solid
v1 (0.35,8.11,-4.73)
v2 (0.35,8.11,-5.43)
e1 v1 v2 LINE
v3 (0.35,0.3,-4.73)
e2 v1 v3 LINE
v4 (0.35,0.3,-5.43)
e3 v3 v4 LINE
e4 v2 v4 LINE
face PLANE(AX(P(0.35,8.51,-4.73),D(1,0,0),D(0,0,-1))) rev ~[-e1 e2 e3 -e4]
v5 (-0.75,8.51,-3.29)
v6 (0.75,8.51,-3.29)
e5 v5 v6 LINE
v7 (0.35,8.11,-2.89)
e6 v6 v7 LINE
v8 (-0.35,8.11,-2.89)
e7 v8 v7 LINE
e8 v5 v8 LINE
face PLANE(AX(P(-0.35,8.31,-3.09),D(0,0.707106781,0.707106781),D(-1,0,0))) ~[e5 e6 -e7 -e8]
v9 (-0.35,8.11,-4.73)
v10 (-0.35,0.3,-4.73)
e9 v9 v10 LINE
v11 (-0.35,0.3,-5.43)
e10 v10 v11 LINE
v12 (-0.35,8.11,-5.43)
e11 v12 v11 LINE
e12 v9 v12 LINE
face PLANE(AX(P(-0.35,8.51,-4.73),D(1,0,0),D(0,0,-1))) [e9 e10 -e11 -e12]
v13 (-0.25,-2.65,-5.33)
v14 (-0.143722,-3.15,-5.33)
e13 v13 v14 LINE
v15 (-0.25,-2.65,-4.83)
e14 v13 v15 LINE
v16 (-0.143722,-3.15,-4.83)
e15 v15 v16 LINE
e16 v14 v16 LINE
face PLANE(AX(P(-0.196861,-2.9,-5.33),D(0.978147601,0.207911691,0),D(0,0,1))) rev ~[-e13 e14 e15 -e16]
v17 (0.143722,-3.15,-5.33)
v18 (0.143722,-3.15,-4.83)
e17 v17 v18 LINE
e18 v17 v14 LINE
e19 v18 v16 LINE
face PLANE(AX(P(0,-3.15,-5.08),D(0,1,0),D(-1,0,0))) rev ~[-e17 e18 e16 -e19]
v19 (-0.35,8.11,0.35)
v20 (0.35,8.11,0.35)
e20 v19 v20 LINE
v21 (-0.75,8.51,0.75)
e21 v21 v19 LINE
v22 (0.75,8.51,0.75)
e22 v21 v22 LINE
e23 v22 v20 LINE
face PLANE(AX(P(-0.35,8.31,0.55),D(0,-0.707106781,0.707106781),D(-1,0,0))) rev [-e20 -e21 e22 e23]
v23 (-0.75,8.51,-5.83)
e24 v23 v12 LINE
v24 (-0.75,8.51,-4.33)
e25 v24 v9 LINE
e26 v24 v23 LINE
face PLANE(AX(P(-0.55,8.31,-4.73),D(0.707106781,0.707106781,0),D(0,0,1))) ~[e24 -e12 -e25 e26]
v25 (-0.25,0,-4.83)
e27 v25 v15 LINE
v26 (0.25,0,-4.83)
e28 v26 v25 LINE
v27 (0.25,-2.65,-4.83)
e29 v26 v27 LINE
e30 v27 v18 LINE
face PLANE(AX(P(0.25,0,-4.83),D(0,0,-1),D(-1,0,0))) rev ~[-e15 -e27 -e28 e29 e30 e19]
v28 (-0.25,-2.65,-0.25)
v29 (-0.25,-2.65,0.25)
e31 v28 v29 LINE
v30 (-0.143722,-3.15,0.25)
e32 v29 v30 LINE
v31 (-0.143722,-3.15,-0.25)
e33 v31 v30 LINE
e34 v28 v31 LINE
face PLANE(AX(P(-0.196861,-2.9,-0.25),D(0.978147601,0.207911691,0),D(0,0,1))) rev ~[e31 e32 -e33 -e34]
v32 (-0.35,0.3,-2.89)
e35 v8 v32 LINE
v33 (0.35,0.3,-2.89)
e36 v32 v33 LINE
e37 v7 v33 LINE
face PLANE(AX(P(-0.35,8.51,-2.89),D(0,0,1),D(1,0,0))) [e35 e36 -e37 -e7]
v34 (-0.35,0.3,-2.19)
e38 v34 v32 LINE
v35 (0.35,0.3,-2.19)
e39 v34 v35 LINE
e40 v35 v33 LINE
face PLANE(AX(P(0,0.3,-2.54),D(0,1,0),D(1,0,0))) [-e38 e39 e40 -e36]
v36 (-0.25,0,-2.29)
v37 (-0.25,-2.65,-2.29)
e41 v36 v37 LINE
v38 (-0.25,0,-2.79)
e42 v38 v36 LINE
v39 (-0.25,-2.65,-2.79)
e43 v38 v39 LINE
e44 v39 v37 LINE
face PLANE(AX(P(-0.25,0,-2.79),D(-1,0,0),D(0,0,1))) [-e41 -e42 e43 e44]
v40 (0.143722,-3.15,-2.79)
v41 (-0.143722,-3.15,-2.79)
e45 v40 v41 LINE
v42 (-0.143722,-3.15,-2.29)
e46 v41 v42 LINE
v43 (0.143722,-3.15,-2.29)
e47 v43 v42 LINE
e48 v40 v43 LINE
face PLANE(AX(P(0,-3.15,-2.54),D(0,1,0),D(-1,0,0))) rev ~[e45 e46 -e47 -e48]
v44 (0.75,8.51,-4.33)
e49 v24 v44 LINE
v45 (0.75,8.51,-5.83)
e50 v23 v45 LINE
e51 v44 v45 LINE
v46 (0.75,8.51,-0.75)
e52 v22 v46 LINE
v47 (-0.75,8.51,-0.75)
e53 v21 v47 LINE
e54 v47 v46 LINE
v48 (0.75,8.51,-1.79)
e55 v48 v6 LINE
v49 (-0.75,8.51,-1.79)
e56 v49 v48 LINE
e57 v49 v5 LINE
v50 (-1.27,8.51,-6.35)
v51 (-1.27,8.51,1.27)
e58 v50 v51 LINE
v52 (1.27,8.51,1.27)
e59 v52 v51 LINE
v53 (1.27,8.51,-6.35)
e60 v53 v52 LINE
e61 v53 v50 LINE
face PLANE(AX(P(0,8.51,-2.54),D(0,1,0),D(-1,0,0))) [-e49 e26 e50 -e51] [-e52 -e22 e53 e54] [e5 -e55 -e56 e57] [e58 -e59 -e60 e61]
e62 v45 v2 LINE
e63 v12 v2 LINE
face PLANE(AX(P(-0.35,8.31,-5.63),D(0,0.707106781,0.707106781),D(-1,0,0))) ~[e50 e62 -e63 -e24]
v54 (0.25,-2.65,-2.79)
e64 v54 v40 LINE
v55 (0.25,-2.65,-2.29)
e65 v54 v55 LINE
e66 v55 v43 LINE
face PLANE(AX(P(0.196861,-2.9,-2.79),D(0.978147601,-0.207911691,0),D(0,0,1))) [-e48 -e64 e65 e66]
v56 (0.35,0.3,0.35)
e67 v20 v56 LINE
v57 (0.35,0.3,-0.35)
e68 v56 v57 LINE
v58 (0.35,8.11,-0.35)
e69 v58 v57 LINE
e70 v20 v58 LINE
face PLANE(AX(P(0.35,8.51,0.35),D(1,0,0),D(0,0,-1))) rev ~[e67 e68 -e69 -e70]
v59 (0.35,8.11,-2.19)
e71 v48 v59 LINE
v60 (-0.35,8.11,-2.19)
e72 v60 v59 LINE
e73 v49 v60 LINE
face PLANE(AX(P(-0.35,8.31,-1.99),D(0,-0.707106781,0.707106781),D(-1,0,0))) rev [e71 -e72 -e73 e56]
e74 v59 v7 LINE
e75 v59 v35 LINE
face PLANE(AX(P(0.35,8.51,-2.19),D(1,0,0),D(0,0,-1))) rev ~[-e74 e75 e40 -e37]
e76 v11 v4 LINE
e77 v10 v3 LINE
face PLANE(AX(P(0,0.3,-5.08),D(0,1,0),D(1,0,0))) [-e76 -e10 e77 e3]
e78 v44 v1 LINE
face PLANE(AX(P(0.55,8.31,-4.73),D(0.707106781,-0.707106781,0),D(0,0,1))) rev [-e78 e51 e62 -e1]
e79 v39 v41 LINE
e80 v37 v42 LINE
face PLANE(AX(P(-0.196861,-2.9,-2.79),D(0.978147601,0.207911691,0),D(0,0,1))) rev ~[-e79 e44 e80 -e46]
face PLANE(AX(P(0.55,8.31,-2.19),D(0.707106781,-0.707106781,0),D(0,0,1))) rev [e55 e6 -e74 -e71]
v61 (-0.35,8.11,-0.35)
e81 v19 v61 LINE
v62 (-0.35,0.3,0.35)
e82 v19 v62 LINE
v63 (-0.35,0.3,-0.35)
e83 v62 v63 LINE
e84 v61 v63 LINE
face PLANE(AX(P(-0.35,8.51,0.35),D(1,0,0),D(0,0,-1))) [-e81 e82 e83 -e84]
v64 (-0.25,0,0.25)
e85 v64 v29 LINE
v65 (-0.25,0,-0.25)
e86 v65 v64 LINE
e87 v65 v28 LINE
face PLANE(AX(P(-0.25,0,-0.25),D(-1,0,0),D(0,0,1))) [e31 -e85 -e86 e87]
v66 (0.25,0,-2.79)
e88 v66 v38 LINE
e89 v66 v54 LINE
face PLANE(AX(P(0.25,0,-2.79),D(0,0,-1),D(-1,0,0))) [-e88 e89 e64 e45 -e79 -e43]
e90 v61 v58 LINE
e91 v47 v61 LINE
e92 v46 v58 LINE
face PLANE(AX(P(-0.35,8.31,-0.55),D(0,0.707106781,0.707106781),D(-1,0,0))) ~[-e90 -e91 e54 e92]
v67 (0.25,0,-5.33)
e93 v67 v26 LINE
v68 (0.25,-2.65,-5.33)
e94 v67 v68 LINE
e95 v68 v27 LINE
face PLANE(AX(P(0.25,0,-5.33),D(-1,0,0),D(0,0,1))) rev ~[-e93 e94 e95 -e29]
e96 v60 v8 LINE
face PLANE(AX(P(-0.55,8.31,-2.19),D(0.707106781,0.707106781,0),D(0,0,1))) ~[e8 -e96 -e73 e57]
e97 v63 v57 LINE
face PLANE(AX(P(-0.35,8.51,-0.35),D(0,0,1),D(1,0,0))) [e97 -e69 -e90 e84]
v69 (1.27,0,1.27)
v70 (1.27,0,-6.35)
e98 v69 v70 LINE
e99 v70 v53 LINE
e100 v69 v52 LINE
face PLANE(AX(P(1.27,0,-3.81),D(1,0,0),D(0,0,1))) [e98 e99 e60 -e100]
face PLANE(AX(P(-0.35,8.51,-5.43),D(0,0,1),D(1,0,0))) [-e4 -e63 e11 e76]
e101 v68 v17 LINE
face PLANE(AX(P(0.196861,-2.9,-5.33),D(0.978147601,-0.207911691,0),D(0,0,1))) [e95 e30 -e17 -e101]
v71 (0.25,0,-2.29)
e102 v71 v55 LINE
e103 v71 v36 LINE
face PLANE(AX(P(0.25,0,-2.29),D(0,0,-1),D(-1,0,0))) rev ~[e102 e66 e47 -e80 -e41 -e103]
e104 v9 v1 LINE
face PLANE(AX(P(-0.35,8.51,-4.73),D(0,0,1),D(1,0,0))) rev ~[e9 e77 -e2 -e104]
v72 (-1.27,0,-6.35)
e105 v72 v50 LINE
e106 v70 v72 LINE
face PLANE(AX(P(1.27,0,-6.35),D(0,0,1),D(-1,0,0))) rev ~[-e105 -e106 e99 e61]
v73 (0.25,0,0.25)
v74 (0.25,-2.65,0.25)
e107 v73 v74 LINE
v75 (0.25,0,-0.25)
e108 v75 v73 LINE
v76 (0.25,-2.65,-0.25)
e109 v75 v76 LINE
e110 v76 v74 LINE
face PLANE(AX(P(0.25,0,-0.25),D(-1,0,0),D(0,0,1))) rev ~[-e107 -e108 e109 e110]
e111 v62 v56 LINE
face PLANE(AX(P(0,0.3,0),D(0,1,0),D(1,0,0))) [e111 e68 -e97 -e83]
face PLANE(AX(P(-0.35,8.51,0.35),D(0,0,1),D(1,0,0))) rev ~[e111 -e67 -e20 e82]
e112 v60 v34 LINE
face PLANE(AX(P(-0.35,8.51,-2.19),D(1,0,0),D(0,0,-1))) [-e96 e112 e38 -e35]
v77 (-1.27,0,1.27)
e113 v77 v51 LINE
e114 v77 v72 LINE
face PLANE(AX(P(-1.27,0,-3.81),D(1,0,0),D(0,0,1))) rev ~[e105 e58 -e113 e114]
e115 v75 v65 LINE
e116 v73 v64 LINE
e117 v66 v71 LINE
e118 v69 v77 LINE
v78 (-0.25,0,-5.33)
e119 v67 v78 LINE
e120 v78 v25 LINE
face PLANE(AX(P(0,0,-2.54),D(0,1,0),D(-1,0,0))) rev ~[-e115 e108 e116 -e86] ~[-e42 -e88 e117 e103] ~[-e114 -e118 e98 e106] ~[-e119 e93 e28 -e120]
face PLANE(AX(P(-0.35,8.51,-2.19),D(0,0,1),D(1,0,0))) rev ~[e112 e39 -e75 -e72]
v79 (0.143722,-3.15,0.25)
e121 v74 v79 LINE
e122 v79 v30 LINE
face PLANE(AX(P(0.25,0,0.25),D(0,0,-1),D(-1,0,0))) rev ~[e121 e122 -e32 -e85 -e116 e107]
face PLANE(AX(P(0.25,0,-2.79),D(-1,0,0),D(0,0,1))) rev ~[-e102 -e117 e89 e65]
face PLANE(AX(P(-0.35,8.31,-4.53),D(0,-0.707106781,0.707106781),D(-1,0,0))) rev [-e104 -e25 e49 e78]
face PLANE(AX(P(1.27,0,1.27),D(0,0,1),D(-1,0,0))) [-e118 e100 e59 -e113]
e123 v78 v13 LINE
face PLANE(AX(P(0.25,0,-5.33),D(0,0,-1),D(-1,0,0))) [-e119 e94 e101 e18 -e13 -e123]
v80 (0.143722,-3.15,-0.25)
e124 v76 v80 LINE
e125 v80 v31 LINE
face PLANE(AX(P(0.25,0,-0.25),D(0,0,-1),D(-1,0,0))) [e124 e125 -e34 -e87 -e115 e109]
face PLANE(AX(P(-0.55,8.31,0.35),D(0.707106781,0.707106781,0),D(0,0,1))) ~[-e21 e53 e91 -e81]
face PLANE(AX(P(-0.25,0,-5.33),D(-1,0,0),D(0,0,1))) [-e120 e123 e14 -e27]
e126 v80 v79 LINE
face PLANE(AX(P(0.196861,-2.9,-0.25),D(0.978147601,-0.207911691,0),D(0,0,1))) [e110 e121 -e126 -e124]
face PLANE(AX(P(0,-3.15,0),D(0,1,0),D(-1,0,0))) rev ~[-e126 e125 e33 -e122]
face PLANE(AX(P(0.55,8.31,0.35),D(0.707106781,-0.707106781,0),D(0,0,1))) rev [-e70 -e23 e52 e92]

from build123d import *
from OCP.BRepFilletAPI import BRepFilletAPI_MakeChamfer

# Parameters (mm, degrees)
SKETCH_1_W                          = 2.54
SKETCH_1_H                          = 2.54
EXTRUDE_1_DEPTH                     = 8.51
SKETCH_4_W                          = 0.7
SKETCH_4_H                          = 0.7
CUT_EXTRUDE_1_DEPTH                 = 8.21
CHAMFER_3_SIZE                      = 0.4
SKETCH_2_W                          = 0.5
SKETCH_2_H                          = 0.5
EXTRUDE_2_DEPTH                     = 3.15
CHAMFER_2_SIZE                      = 0.5
CHAMFER_2_SIZE2                     = 0.106278281
PATTERN_LINEAR_1_COUNT              = 3
PATTERN_LINEAR_1_PITCH              = 2.54
CHAMFER_3_OF_PATTERN_LINEAR_1_SIZE  = 0.4
CHAMFER_2_OF_PATTERN_LINEAR_1_SIZE  = 0.5
CHAMFER_2_OF_PATTERN_LINEAR_1_SIZE2 = 0.106278281


with BuildPart() as part:
    # Эскиз1 → Бобышка-Вытянуть1 (new body)
    with BuildSketch(Plane(origin=(0, 0, 0), x_dir=(-1, 0, 0), z_dir=(0, 1, 0))):
        Rectangle(SKETCH_1_W, SKETCH_1_H)
    extrude_1 = extrude(amount=EXTRUDE_1_DEPTH)

    # Эскиз4 → Вырез-Вытянуть1 (cut)
    with BuildSketch(Plane(origin=(0, 8.51, 0), x_dir=(1, 0, 0), z_dir=(0, 1, 0))):
        Rectangle(SKETCH_4_W, SKETCH_4_H)
    cut_extrude_1 = extrude(amount=-CUT_EXTRUDE_1_DEPTH, mode=Mode.SUBTRACT)

    # Фаска3
    chamfer_3_edges = [part.edges().sort_by_distance(p)[0] for p in [
        (-0.35, 8.51, 0),
        (0, 8.51, 0.35),
        (0.35, 8.51, 0),
        (0, 8.51, -0.35),
    ]]
    chamfer(chamfer_3_edges, length=CHAMFER_3_SIZE)

    # Эскиз2 → Бобышка-Вытянуть2 (add)
    with BuildSketch(Plane(origin=(0, 0, 0), x_dir=(-1, 0, 0), z_dir=(0, 1, 0))):
        Rectangle(SKETCH_2_W, SKETCH_2_H)
    extrude_2 = extrude(amount=-EXTRUDE_2_DEPTH)

    # Фаска2: one chamfer whose edges measure the first distance from different faces: ONE call of the kernel's chamfer builder (chamfer() names one face for all edges)
    chamfer_2_edges_1 = [part.edges().sort_by_distance(p)[0] for p in [
        (-0.25, -3.15, 0),
    ]]
    chamfer_2_side_1 = [part.faces().sort_by_distance(p)[0] for p in [
        (-0.25, -1.575, 0),
    ]]
    chamfer_2_edges_2 = [part.edges().sort_by_distance(p)[0] for p in [
        (0.25, -3.15, 0),
    ]]
    chamfer_2_side_2 = [part.faces().sort_by_distance(p)[0] for p in [
        (0.25, -1.575, 0),
    ]]
    chamfer_2 = BRepFilletAPI_MakeChamfer(part.part.solid().wrapped)
    for e in chamfer_2_edges_1:
        chamfer_2.Add(CHAMFER_2_SIZE, CHAMFER_2_SIZE2, e.wrapped, chamfer_2_side_1[0].wrapped)  # the first distance lies on this face
    for e in chamfer_2_edges_2:
        chamfer_2.Add(CHAMFER_2_SIZE, CHAMFER_2_SIZE2, e.wrapped, chamfer_2_side_2[0].wrapped)  # the first distance lies on this face
    add(Compound.cast(chamfer_2.Shape()), mode=Mode.REPLACE)

    # Линейный массив1: Бобышка-Вытянуть1, Вырез-Вытянуть1, Бобышка-Вытянуть2 ×3
    with Locations(*[(0, 0, -i * PATTERN_LINEAR_1_PITCH) for i in range(1, PATTERN_LINEAR_1_COUNT)]):
        add(extrude_1)
        add(cut_extrude_1, mode=Mode.SUBTRACT)
        add(extrude_2)

    # Фаска3 of Линейный массив1
    chamfer_3_of_pattern_linear_1_edges = [part.edges().sort_by_distance(p)[0] for p in [
        (-0.35, 8.51, -2.54),
        (0, 8.51, -2.19),
        (0.35, 8.51, -2.54),
        (0, 8.51, -2.89),
        (-0.35, 8.51, -5.08),
        (0, 8.51, -4.73),
        (0.35, 8.51, -5.08),
        (0, 8.51, -5.43),
    ]]
    chamfer(chamfer_3_of_pattern_linear_1_edges, length=CHAMFER_3_OF_PATTERN_LINEAR_1_SIZE)

    # Фаска2 of Линейный массив1: one chamfer whose edges measure the first distance from different faces: ONE call of the kernel's chamfer builder (chamfer() names one face for all edges)
    chamfer_2_of_pattern_linear_1_edges_1 = [part.edges().sort_by_distance(p)[0] for p in [
        (-0.25, -3.15, -2.54),
    ]]
    chamfer_2_of_pattern_linear_1_side_1 = [part.faces().sort_by_distance(p)[0] for p in [
        (-0.25, -1.575, -2.54),
    ]]
    chamfer_2_of_pattern_linear_1_edges_2 = [part.edges().sort_by_distance(p)[0] for p in [
        (0.25, -3.15, -2.54),
    ]]
    chamfer_2_of_pattern_linear_1_side_2 = [part.faces().sort_by_distance(p)[0] for p in [
        (0.25, -1.575, -2.54),
    ]]
    chamfer_2_of_pattern_linear_1_edges_3 = [part.edges().sort_by_distance(p)[0] for p in [
        (-0.25, -3.15, -5.08),
    ]]
    chamfer_2_of_pattern_linear_1_side_3 = [part.faces().sort_by_distance(p)[0] for p in [
        (-0.25, -1.575, -5.08),
    ]]
    chamfer_2_of_pattern_linear_1_edges_4 = [part.edges().sort_by_distance(p)[0] for p in [
        (0.25, -3.15, -5.08),
    ]]
    chamfer_2_of_pattern_linear_1_side_4 = [part.faces().sort_by_distance(p)[0] for p in [
        (0.25, -1.575, -5.08),
    ]]
    chamfer_2_of_pattern_linear_1 = BRepFilletAPI_MakeChamfer(part.part.solid().wrapped)
    for e in chamfer_2_of_pattern_linear_1_edges_1:
        chamfer_2_of_pattern_linear_1.Add(CHAMFER_2_OF_PATTERN_LINEAR_1_SIZE, CHAMFER_2_OF_PATTERN_LINEAR_1_SIZE2, e.wrapped, chamfer_2_of_pattern_linear_1_side_1[0].wrapped)  # the first distance lies on this face
    for e in chamfer_2_of_pattern_linear_1_edges_2:
        chamfer_2_of_pattern_linear_1.Add(CHAMFER_2_OF_PATTERN_LINEAR_1_SIZE, CHAMFER_2_OF_PATTERN_LINEAR_1_SIZE2, e.wrapped, chamfer_2_of_pattern_linear_1_side_2[0].wrapped)  # the first distance lies on this face
    for e in chamfer_2_of_pattern_linear_1_edges_3:
        chamfer_2_of_pattern_linear_1.Add(CHAMFER_2_OF_PATTERN_LINEAR_1_SIZE, CHAMFER_2_OF_PATTERN_LINEAR_1_SIZE2, e.wrapped, chamfer_2_of_pattern_linear_1_side_3[0].wrapped)  # the first distance lies on this face
    for e in chamfer_2_of_pattern_linear_1_edges_4:
        chamfer_2_of_pattern_linear_1.Add(CHAMFER_2_OF_PATTERN_LINEAR_1_SIZE, CHAMFER_2_OF_PATTERN_LINEAR_1_SIZE2, e.wrapped, chamfer_2_of_pattern_linear_1_side_4[0].wrapped)  # the first distance lies on this face
    add(Compound.cast(chamfer_2_of_pattern_linear_1.Shape()), mode=Mode.REPLACE)


solid = part.part
